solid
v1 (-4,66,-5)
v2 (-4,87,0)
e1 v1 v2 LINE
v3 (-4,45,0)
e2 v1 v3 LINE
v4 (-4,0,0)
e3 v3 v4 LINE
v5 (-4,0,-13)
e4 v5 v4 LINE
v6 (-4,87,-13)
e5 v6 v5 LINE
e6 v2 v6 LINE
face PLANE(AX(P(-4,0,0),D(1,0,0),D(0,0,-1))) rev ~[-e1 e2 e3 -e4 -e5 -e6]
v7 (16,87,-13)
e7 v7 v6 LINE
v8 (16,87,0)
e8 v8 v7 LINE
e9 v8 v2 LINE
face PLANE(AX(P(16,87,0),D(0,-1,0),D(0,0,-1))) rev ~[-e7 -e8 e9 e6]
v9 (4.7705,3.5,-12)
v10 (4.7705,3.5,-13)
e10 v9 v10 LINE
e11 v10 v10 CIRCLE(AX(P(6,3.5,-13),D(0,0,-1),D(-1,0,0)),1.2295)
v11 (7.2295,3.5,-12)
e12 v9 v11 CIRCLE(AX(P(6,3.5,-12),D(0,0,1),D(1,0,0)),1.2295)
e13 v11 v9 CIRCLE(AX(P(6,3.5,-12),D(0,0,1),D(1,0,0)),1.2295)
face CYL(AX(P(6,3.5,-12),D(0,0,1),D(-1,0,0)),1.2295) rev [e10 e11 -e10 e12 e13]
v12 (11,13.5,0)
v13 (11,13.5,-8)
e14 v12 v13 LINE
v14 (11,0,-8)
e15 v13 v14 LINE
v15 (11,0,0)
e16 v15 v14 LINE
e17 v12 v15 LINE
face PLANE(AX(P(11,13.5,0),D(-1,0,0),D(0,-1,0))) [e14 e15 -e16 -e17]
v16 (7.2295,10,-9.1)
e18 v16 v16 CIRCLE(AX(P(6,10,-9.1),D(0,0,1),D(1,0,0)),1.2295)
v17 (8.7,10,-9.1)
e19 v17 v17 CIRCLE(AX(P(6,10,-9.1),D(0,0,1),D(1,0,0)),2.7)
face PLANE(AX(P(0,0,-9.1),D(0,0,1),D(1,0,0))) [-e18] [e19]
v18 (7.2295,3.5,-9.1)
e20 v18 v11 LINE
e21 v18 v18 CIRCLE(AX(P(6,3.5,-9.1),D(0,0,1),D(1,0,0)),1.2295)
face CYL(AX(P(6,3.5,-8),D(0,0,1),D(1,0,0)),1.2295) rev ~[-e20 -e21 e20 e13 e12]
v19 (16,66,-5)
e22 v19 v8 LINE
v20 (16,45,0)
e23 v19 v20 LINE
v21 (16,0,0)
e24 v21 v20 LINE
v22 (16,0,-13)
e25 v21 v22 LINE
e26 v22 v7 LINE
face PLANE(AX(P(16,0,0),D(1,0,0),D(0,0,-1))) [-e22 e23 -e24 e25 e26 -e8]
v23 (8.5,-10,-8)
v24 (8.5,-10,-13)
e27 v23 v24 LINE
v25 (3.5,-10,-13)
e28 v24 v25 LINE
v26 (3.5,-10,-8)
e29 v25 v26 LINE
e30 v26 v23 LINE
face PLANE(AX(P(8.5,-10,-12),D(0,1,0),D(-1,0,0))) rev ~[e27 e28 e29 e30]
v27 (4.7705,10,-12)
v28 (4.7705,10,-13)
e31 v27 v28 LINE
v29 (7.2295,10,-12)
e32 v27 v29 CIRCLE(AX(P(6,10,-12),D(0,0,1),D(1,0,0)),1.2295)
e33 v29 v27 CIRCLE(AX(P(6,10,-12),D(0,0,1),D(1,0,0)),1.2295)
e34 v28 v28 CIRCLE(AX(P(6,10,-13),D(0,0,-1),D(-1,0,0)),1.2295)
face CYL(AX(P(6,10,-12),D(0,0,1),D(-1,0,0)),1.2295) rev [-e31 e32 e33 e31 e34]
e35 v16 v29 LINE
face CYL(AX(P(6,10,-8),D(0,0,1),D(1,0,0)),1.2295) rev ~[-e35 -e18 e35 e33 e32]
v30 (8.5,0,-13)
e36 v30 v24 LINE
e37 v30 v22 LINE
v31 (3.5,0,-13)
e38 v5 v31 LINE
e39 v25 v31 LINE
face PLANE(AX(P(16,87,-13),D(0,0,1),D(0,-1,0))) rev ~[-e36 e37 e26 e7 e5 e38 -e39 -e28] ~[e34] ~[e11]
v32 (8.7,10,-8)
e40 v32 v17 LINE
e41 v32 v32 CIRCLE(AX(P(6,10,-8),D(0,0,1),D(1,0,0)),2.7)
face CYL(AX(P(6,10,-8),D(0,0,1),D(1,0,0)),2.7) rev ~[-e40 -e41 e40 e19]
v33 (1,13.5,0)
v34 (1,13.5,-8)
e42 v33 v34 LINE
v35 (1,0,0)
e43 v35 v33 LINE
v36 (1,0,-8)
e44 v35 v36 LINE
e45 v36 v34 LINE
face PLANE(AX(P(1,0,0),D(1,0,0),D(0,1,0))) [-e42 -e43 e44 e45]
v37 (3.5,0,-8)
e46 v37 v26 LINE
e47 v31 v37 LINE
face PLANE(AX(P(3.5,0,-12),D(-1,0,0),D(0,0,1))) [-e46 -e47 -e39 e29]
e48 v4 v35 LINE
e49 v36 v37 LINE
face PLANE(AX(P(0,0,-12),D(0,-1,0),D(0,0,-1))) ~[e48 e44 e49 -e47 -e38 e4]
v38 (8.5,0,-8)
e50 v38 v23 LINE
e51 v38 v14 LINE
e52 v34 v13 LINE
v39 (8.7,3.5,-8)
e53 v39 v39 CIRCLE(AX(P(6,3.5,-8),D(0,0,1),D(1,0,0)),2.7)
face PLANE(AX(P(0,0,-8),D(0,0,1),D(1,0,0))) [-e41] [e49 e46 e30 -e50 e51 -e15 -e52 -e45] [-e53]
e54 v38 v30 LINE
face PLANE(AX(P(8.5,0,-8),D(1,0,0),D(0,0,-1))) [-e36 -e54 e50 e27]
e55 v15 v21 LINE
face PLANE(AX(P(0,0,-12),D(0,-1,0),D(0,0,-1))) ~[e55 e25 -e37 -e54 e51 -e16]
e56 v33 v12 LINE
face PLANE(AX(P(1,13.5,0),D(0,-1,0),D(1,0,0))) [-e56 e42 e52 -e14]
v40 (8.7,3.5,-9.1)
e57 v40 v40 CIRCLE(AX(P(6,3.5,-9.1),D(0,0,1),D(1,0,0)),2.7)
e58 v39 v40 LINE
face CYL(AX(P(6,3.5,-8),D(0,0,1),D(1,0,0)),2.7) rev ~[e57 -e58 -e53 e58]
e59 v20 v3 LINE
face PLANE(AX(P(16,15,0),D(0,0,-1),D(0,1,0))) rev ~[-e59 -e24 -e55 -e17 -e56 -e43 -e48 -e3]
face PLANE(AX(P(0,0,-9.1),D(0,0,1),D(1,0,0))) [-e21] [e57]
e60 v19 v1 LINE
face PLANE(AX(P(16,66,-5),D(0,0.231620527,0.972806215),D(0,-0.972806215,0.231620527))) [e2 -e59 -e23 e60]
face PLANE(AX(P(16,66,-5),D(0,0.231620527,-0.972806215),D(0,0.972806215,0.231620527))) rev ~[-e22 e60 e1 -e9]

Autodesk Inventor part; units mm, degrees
ref_plane "YZ Plane" through (0, 0, 0) normal (1, 0, 0) x (0, 1, 0)
ref_plane "XZ Plane" through (0, 0, 0) normal (0, 1, 0) x (-1, 0, 0)
sketch "Sketch2" plane through (0, 0, 0) normal (1, 0, 0) x (0, 1, 0)
  line L0 (0, 0) -> (15, 0)
  line L1 (15, 0) -> (15, -10)
  line L2 (15, -10) -> (0, -10)
  line L3 (0, -10) -> (0, 0)
  dimension "d4" = 15
  dimension "d5" = 10
extrude "Extrusion2" add sketch "Sketch2" along normal blind 12
sketch "Sketch3" plane through (0, 0, 0) normal (0, 0, 1) x (1, 0, 0)
  line L0 (0, 0) -> (1, 0)
  line L1 (0, 0) -> (12, 0) projected
  line L2 (1, 0) -> (1, 13.5)
  line L3 (1, 13.5) -> (11, 13.5)
  line L4 (11, 13.5) -> (11, 0)
  line L5 (11, 0) -> (1, 0)
  dimension "d8" = 1
  dimension "d9" = 13.5
  dimension "d10" = 10
extrude "Extrusion3" cut sketch "Sketch3" against normal blind 8
sketch "Sketch4" plane through (0, 0, -10) normal (0, 0, -1) x (-1, 0, 0)
  line L0 (0, 15) -> (-12, 15) projected
  line L1 (0, 0) -> (-12, 0) projected
  line L2 (-12, 15) -> (0, 15)
  line L3 (0, 15) -> (0, 0)
  line L4 (0, 0) -> (-12, 0)
  line L5 (-12, 0) -> (-12, 15)
extrude "Extrusion4" add sketch "Sketch4" along normal blind 2
sketch "Sketch5" plane through (0, 0, -8) normal (0, 0, 1) x (1, 0, 0)
  line L0 (1, 13.5) -> (11, 13.5) projected
  line L1 (6, 13.5) -> (6, 10)
  line L2 (6, 10) -> (6, 3.5)
  circle A0 centre (6, 10) radius 1.2295
  circle A1 centre (6, 3.5) radius 1.2295
  point P0 (0, 0)
  dimension "d15" = 3.5
  dimension "d16" = 6.5
  dimension "d17" = 2.459
  dimension "d18" = 2.459
extrude "Extrusion5" cut sketch "Sketch5" against normal blind 4
sketch "Sketch6" plane through (0, 0, -8) normal (0, 0, 1) x (1, 0, 0)
  circle A0 centre (6, 10) radius 1.2295 projected
  circle A1 centre (6, 10) radius 2.7
  circle A2 centre (6, 3.5) radius 1.2295 projected
  circle A3 centre (6, 3.5) radius 2.7
  point P0 (0, 0)
  dimension "d21" = 5.4
  dimension "d22" = 5.4
extrude "Extrusion6" cut sketch "Sketch6" against normal blind 1.1
sketch "Sketch15" plane through (12, 0, 0) normal (1, 0, 0) x (0, 0, -1)
  line L0 (0, 15) -> (12, 15) projected
  line L1 (12, 15) -> (12, 0) projected
  line L2 (0, 15) -> (12, 15)
  line L3 (12, 15) -> (12, 0)
  line L4 (12, 0) -> (0, 0)
  line L5 (0, 0) -> (0, 15)
extrude "Extrusion14" add sketch "Sketch15" along normal blind 4
ref_plane "Work Plane1" through (6, 0, 0) normal (1, 0, 0) x (0, 0, -1)
mirror "Mirror1" about plane through (6, 0, 0) normal (1, 0, 0) of "Extrusion14"
sketch "Sketch16" plane through (1, 0, -8) normal (0, -1, 0) x (1, 0, 0)
  line L0 (10, 0) -> (0, 0) projected
  line L1 (5, 0) -> (7.5, 0)
  line L2 (7.5, 0) -> (7.5, -4)
  line L3 (-5, -4) -> (15, -4) projected
  line L4 (7.5, -4) -> (2.5, -4)
  line L5 (2.5, -4) -> (2.5, 0)
  line L6 (2.5, 0) -> (5, 0)
  point P0 (-1, 8)
  dimension "d61" = 2.5
  dimension "d62" = 4
  dimension "d63" = 5
  dimension "d64" = 4
extrude "Extrusion15" add sketch "Sketch16" along normal blind 10
sketch "Sketch18" plane through (0, 0, -12) normal (0, 0, -1) x (-1, 0, 0)
  line L0 (-16, 15) -> (4, 15) projected
  line L1 (4, 0) -> (-3.5, 0) projected
  line L2 (-16, 15) -> (4, 15)
  line L3 (4, 15) -> (4, 0)
  line L4 (4, 0) -> (-16, 0)
  line L5 (-16, 0) -> (-16, 15)
  line L6 (-8.5, -10) -> (-3.5, -10) projected
  line L7 (-3.5, 0) -> (-8.5, 0)
  line L8 (-8.5, 0) -> (-8.5, -10)
  line L9 (-8.5, -10) -> (-3.5, -10)
  line L10 (-3.5, -10) -> (-3.5, 0)
  circle A0 centre (-6, 3.5) radius 1.2295 projected
  circle A1 centre (-6, 3.5) radius 1.2295
  circle A2 centre (-6, 10) radius 1.2295 projected
  circle A3 centre (-6, 10) radius 1.2295
  point P0 (0, 0)
extrude "Extrusion16" add sketch "Sketch18" along normal blind 1
sketch "Sketch19" plane through (16, 0, 0) normal (1, 0, 0) x (0, 0, -1)
  line L0 (0, 15) -> (13, 15) projected
  line L1 (0, 15) -> (0, 40)
  line L2 (13, 45) -> (13, 15)
  line L3 (13, 56) -> (13, 45)
  line L4 (0, 45) -> (0, 40)
  line L5 (13, 60) -> (13, 56)
  line L6 (13, 61) -> (13, 60)
  line L7 (0, 87) -> (13, 87)
  line L8 (13, 87) -> (13, 61)
  line L9 (5, 66) -> (0, 87)
  line L10 (5, 66) -> (0, 45)
  point P0 (0, 0)
extrude "Extrusion17" add sketch "Sketch19" against normal blind 20
properties part number "40mm_x_20mm"
